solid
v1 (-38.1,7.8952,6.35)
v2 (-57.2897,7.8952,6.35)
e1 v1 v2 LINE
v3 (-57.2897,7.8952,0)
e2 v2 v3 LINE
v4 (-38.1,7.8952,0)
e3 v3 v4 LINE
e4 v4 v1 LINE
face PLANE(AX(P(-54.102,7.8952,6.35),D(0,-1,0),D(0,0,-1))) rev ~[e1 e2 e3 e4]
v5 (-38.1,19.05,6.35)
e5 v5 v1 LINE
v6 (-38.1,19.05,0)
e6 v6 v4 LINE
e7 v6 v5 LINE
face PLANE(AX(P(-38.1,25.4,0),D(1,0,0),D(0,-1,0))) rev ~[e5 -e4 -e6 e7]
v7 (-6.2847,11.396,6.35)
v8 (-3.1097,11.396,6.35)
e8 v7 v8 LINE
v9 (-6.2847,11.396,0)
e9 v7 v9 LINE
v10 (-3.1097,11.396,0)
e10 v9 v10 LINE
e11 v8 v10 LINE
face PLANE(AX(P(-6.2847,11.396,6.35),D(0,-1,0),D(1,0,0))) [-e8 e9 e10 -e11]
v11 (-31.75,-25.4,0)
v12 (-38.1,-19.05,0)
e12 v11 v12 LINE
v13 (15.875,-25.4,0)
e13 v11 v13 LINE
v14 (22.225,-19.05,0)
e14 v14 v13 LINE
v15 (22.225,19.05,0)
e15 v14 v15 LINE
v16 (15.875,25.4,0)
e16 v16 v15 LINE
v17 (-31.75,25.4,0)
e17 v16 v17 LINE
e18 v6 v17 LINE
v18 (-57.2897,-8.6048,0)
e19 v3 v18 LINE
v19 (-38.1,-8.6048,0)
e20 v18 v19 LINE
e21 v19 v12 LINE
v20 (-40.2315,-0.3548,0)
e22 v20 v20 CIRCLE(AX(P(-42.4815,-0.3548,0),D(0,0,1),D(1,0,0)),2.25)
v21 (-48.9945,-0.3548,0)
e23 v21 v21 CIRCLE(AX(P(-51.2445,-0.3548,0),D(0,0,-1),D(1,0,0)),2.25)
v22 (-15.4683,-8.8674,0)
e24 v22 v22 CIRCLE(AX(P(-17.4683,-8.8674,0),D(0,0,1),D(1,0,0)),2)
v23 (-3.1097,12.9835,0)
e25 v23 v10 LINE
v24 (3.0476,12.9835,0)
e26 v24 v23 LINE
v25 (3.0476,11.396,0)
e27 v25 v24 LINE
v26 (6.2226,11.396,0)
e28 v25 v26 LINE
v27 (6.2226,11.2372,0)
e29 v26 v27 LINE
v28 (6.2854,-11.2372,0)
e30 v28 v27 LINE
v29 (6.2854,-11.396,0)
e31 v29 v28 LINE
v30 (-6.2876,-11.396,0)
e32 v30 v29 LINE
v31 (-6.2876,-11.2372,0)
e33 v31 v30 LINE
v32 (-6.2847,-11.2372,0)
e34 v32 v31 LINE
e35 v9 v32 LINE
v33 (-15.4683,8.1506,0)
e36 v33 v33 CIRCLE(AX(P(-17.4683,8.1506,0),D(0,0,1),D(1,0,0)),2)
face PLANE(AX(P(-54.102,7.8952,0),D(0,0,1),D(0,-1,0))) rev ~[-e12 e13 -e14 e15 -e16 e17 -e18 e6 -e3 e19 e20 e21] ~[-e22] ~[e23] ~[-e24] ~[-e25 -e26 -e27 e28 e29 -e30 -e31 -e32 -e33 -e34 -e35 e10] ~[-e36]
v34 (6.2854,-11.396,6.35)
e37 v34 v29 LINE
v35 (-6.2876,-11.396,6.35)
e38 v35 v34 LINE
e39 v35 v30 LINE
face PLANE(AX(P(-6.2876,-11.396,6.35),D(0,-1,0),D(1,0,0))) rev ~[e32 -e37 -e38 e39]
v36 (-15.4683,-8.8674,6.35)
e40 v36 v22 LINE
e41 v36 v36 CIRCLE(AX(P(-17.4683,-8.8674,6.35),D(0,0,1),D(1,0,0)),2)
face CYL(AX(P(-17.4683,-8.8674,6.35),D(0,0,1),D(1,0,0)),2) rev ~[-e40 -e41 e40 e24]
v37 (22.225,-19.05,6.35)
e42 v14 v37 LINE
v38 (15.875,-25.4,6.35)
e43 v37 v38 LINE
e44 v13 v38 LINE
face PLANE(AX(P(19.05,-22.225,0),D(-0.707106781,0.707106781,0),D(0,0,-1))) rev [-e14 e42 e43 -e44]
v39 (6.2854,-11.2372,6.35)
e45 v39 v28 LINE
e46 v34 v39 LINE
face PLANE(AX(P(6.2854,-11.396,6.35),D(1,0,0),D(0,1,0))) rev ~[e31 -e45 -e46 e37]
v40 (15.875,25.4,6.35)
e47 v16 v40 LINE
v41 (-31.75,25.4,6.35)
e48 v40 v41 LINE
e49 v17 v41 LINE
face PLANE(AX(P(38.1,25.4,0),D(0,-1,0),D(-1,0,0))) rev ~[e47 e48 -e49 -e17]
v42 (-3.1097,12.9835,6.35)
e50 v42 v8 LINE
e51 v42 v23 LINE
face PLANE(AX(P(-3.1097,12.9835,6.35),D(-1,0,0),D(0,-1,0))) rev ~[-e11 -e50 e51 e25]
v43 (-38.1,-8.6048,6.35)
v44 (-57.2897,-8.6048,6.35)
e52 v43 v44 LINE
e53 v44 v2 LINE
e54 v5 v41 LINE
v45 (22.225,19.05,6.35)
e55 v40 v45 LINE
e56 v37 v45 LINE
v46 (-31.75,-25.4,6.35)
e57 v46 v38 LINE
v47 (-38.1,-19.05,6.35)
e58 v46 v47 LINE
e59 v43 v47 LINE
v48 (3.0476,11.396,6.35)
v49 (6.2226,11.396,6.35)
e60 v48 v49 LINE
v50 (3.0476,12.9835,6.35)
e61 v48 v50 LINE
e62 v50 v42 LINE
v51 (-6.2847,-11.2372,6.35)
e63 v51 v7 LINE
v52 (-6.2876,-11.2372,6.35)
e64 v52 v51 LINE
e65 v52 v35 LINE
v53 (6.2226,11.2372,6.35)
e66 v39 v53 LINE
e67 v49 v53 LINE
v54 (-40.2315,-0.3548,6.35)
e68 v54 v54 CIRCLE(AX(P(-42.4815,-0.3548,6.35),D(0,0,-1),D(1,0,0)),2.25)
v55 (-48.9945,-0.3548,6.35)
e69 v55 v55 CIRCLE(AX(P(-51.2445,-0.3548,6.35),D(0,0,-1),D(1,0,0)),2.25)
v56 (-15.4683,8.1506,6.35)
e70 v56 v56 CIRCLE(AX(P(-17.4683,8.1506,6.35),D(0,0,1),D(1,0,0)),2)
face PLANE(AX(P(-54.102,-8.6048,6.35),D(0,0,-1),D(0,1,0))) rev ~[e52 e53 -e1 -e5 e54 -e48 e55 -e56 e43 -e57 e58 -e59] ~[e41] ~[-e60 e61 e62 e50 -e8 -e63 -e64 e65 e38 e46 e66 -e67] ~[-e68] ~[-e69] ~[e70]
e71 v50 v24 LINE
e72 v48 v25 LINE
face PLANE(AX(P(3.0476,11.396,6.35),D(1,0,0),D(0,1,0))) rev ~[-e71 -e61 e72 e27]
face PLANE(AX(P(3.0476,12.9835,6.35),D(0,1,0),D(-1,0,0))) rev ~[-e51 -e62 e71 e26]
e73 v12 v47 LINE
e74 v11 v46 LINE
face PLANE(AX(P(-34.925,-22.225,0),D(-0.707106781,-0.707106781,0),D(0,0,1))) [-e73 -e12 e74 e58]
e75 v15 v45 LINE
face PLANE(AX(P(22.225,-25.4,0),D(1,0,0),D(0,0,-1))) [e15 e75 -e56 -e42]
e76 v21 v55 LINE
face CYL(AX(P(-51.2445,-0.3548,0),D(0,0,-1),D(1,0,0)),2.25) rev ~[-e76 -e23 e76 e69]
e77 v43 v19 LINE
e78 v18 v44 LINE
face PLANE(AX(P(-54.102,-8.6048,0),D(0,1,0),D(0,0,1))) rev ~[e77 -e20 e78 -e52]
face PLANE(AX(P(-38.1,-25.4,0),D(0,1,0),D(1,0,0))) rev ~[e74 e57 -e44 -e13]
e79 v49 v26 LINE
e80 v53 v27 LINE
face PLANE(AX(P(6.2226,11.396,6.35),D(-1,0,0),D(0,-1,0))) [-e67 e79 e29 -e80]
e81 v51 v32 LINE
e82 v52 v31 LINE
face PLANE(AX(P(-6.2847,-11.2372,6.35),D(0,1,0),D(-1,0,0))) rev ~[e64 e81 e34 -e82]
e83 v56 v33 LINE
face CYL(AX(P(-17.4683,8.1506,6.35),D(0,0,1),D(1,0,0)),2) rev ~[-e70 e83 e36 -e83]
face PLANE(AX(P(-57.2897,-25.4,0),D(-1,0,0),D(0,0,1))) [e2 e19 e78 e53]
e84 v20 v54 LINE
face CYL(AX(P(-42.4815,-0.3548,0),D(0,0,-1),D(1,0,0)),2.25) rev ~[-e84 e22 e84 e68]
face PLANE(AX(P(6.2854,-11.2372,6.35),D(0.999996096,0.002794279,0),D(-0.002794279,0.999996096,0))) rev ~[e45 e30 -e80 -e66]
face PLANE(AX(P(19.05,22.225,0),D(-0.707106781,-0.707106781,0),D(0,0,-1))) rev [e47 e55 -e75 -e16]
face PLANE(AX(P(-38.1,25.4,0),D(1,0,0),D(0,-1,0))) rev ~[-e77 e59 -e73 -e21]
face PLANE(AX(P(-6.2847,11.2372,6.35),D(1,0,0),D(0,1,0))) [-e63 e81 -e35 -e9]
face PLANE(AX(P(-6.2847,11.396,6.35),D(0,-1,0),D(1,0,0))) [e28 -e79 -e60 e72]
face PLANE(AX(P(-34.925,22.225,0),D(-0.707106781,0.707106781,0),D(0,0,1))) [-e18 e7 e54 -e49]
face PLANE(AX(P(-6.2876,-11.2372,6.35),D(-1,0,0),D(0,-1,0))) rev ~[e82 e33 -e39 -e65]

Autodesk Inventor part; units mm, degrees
ref_plane "YZ Plane" through (0, 0, 0) normal (1, 0, 0) x (0, 1, 0)
ref_plane "XZ Plane" through (0, 0, 0) normal (0, 1, 0) x (-1, 0, 0)
ref_plane "XY Plane" through (0, 0, 0) normal (0, 0, 1) x (1, 0, 0)
sketch "Sketch1" plane through (0, 0, 0) normal (0, 0, 1) x (1, 0, 0)
  line L0 (-38.1, -25.4) -> (38.1, -25.4)
  line L1 (38.1, -25.4) -> (38.1, 25.4)
  line L2 (38.1, 25.4) -> (-38.1, 25.4)
  line L3 (-38.1, 25.4) -> (-38.1, -25.4)
  line L4 (-38.1, -25.4) -> (38.1, 25.4) construction
  line L5 (38.1, -25.4) -> (-38.1, 25.4) construction
  point P0 (0, 0)
  dimension "d0" = 76.2
  dimension "d1" = 50.8
extrude "Extrusion1" add sketch "Sketch1" along normal blind 6.35
sketch "Sketch3" plane through (38.1, -25.4, 0) normal (1, 0, 0) x (0, 0, -1)
  line L0 (0, 0) -> (0, 50.8) projected
  line L1 (0, 50.8) -> (-6.35, 50.8) projected
  line L2 (-6.35, 0) -> (-6.35, 50.8) projected
  line L3 (0, 0) -> (-6.35, 0) projected
  point P0 (0, 25.4)
extrude "Extrusion3" cut sketch "Sketch3" against normal blind 15.875
sketch "Sketch4" plane through (-38.1, -25.4, 0) normal (-1, 0, 0) x (0, 0, 1)
  line L0 (6.35, 16.7952) -> (0, 16.7952)
  line L1 (0, 16.7952) -> (0, 33.2952)
  line L2 (0, 33.2952) -> (6.35, 33.2952)
  line L3 (6.35, 33.2952) -> (6.35, 16.7952)
  line L4 (6.35, 16.7952) -> (0, 33.2952) construction
  line L5 (0, 16.7952) -> (6.35, 33.2952) construction
  line L6 (6.35, 50.8) -> (6.35, 0) projected
  line L7 (6.35, 50.8) -> (3.175, 50.8)
  line L8 (0, 50.8) -> (6.35, 50.8) projected
  line L9 (3.175, 50.8) -> (3.175, 25.0452)
  point P0 (0, 25.4)
  dimension "d9" = 6.35
  dimension "d10" = 16.5
extrude "Extrusion4" add sketch "Sketch4" along normal blind 3.302 contours L0 L1 L2 L3
chamfer "Chamfer1" distance 6.35 angle 45 4 edges at (-38.1, -25.4, 3.175) (-38.1, 25.4, 3.175) (22.225, -25.4, 3.175) (22.225, 25.4, 3.175)
sketch "Sketch6" plane through (0, 0, 6.35) normal (0, 0, 1) x (1, 0, 0)
  line L0 (5.9693, 11.0167) -> (6.0307, -10.9832) projected
  line L1 (-6.0307, 10.9832) -> (6.0307, 10.9832)
  line L2 (6.0307, 10.9832) -> (6.0307, -10.9832)
  line L3 (6.0307, -10.9832) -> (-6.0307, -10.9832)
  line L4 (-6.0307, -10.9832) -> (-6.0307, 10.9832)
  point P0 (0, 0)
  point P1 (5.9694, 10.9832)
extrude "Extrusion5" cut sketch "Sketch6" against normal up to surface (6.35 mm away) contours L0 L3 L4 L1
sketch "Sketch7" plane through (0, 0, 6.35) normal (0, 0, 1) x (1, 0, 0)
  circle A0 centre (-17.4683, 8.1506) radius 2 projected
  circle A1 centre (-17.4683, -8.8674) radius 2 projected
  line L0 (-8.7307, -16.3858) -> (-26.0507, -16.3858) projected
  line L1 (-8.7307, -16.3858) -> (-8.7307, 15.669) projected
  line L2 (-8.7307, 15.669) -> (-26.0507, 15.669) projected
  line L3 (-26.0507, -16.3858) -> (-26.0507, 15.669) projected
  circle A2 centre (-17.4683, 8.1506) radius 2
  circle A3 centre (-17.4683, -8.8674) radius 2
  point P0 (0, 0)
  dimension "d21" = 4
  dimension "d22" = 4
extrude "Extrusion6" cut sketch "Sketch7" against normal up to surface (6.35 mm away) contours A0 | A1
sketch "Sketch8" plane through (-41.402, -25.4, 0) normal (-1, 0, 0) x (0, 0, 1)
  line L0 (6.35, 16.7952) -> (6.35, 33.2952) projected
  line L1 (6.35, 33.2952) -> (0, 33.2952) projected
  line L2 (0, 33.2952) -> (0, 16.7952) projected
  line L3 (0, 16.7952) -> (6.35, 16.7952) projected
  line L4 (6.35, 16.7952) -> (6.35, 33.2952) projected
  line L5 (6.35, 33.2952) -> (0, 33.2952) projected
  line L6 (0, 33.2952) -> (0, 16.7952) projected
  line L7 (0, 16.7952) -> (6.35, 16.7952) projected
  point P0 (0, 25.4)
extrude "Extrusion7" add sketch "Sketch8" along normal blind 12.7
sketch "Sketch9" plane through (-38.1, -8.6048, 0) normal (0, 0, -1) x (1, 0, 0)
  line L0 (0, 0) -> (0, -16.5) projected
  line L1 (0, 0) -> (0, -8.25)
  line L2 (0, 0) -> (-16.002, 0) projected
  circle A0 centre (-4.3815, -8.25) radius 2.25
  circle A1 centre (-13.1445, -8.25) radius 2.25
  line L3 (0, -8.25) -> (-4.3815, -8.25)
  line L4 (-4.3815, -8.25) -> (-13.1445, -8.25)
  point P0 (38.1, -8.6048)
  dimension "d28" = 4.5
  dimension "d31" = 4.5
  dimension "d36" = 4.3815
  dimension "d37" = 8.763
sketch "Sketch10" plane through (-54.102, -25.4, 0) normal (-1, 0, 0) x (0, 0, 1)
  line L0 (6.35, 16.7952) -> (6.35, 33.2952) projected
  line L1 (6.35, 33.2952) -> (0, 33.2952) projected
  line L2 (0, 33.2952) -> (0, 16.7952) projected
  line L3 (0, 16.7952) -> (6.35, 16.7952) projected
  point P0 (0, 25.4)
extrude "Extrusion8" add sketch "Sketch10" along normal blind 3.1877
extrude "Extrusion9" cut sketch "Sketch9" against normal up to surface (6.35 mm away)
sketch "Sketch11" plane through (0, 0, 6.35) normal (0, 0, 1) x (1, 0, 0)
  line L0 (-6.0307, 10.9832) -> (5.9694, 10.9832) projected
  line L1 (5.9694, 10.9832) -> (6.0307, -10.9832) projected
  line L2 (-6.0307, -10.9832) -> (-6.0307, 10.9832) projected
  line L3 (6.0307, -10.9832) -> (-6.0307, -10.9832) projected
  line L4 (6.2226, 11.2372) -> (-6.2847, 11.2372)
  line L5 (-6.2847, 11.2372) -> (-6.2847, -11.2372)
  line L6 (-6.2847, -11.2372) -> (6.2854, -11.2372)
  line L7 (6.2854, -11.2372) -> (6.2226, 11.2372)
  line L8 (6.2226, 11.2372) -> (-6.2847, 11.2372)
  line L9 (-6.2847, 11.2372) -> (-6.2847, 11.396)
  line L10 (-6.2847, 11.396) -> (6.2226, 11.396)
  line L11 (6.2226, 11.396) -> (6.2226, 11.2372)
  line L12 (6.2854, -11.2372) -> (-6.2876, -11.2372)
  line L13 (-6.2876, -11.2372) -> (-6.2876, -11.396)
  line L14 (-6.2876, -11.396) -> (6.2854, -11.396)
  line L15 (6.2854, -11.396) -> (6.2854, -11.2372)
  point P0 (0, 0)
  dimension "d38" = 0.254
  dimension "d41" = 0.1588
  dimension "d42" = 12.573
  dimension "d43" = 0.1588
extrude "Extrusion10" cut sketch "Sketch11" against normal up to surface (6.35 mm away) contours L7 L6 L5 L4
sketch "Sketch12" plane through (0, 0, 6.35) normal (0, 0, 1) x (1, 0, 0)
  line L0 (6.2226, 11.2372) -> (-6.2847, 11.2372)
  line L1 (-6.2847, 11.2372) -> (-6.2847, -11.2372)
  line L2 (-6.2847, -11.2372) -> (6.2854, -11.2372)
  line L3 (6.2854, -11.2372) -> (6.2226, 11.2372)
  line L4 (6.2226, 11.2372) -> (-6.2847, 11.2372)
  line L5 (-6.2847, 11.2372) -> (-6.2847, 11.396)
  line L6 (-6.2847, 11.396) -> (6.2226, 11.396)
  line L7 (6.2226, 11.396) -> (6.2226, 11.2372)
  line L8 (6.2854, -11.2372) -> (-6.2876, -11.2372)
  line L9 (-6.2876, -11.2372) -> (-6.2876, -11.396)
  line L10 (-6.2876, -11.396) -> (6.2854, -11.396)
  line L11 (6.2854, -11.396) -> (6.2854, -11.2372)
  point P0 (0, 0)
  point P1 (-6.2847, 11.2372)
  dimension "d44" = 0.1588
  dimension "d45" = 12.573
  dimension "d46" = 0.1588
extrude "Extrusion11" cut sketch "Sketch12" against normal up to surface (6.35 mm away) contours L0 L5 L6 L7 | L11 L10 L9 L8 L2
sketch "Sketch13" plane through (0, 0, 6.35) normal (0, 0, 1) x (1, 0, 0)
  line L0 (-6.2847, 11.396) -> (-3.1097, 11.396)
  line L1 (-6.2847, 11.396) -> (6.2226, 11.396) projected
  line L2 (-6.2847, 11.396) -> (-3.1097, 11.396) construction
  line L3 (6.2226, 11.396) -> (3.0476, 11.396)
  line L4 (-3.1097, 11.396) -> (3.0476, 11.396)
  line L5 (3.0476, 11.396) -> (3.0476, 12.9835)
  line L6 (3.0476, 12.9835) -> (-3.1097, 12.9835)
  line L7 (-3.1097, 12.9835) -> (-3.1097, 11.396)
  point P0 (0, 0)
  dimension "d49" = 3.175
  dimension "d50" = 0
  dimension "d51" = 3.175
  dimension "d52" = 1.5875
extrude "Extrusion12" cut sketch "Sketch13" against normal up to surface (6.35 mm away)
properties part number "Servo Holder Module"
